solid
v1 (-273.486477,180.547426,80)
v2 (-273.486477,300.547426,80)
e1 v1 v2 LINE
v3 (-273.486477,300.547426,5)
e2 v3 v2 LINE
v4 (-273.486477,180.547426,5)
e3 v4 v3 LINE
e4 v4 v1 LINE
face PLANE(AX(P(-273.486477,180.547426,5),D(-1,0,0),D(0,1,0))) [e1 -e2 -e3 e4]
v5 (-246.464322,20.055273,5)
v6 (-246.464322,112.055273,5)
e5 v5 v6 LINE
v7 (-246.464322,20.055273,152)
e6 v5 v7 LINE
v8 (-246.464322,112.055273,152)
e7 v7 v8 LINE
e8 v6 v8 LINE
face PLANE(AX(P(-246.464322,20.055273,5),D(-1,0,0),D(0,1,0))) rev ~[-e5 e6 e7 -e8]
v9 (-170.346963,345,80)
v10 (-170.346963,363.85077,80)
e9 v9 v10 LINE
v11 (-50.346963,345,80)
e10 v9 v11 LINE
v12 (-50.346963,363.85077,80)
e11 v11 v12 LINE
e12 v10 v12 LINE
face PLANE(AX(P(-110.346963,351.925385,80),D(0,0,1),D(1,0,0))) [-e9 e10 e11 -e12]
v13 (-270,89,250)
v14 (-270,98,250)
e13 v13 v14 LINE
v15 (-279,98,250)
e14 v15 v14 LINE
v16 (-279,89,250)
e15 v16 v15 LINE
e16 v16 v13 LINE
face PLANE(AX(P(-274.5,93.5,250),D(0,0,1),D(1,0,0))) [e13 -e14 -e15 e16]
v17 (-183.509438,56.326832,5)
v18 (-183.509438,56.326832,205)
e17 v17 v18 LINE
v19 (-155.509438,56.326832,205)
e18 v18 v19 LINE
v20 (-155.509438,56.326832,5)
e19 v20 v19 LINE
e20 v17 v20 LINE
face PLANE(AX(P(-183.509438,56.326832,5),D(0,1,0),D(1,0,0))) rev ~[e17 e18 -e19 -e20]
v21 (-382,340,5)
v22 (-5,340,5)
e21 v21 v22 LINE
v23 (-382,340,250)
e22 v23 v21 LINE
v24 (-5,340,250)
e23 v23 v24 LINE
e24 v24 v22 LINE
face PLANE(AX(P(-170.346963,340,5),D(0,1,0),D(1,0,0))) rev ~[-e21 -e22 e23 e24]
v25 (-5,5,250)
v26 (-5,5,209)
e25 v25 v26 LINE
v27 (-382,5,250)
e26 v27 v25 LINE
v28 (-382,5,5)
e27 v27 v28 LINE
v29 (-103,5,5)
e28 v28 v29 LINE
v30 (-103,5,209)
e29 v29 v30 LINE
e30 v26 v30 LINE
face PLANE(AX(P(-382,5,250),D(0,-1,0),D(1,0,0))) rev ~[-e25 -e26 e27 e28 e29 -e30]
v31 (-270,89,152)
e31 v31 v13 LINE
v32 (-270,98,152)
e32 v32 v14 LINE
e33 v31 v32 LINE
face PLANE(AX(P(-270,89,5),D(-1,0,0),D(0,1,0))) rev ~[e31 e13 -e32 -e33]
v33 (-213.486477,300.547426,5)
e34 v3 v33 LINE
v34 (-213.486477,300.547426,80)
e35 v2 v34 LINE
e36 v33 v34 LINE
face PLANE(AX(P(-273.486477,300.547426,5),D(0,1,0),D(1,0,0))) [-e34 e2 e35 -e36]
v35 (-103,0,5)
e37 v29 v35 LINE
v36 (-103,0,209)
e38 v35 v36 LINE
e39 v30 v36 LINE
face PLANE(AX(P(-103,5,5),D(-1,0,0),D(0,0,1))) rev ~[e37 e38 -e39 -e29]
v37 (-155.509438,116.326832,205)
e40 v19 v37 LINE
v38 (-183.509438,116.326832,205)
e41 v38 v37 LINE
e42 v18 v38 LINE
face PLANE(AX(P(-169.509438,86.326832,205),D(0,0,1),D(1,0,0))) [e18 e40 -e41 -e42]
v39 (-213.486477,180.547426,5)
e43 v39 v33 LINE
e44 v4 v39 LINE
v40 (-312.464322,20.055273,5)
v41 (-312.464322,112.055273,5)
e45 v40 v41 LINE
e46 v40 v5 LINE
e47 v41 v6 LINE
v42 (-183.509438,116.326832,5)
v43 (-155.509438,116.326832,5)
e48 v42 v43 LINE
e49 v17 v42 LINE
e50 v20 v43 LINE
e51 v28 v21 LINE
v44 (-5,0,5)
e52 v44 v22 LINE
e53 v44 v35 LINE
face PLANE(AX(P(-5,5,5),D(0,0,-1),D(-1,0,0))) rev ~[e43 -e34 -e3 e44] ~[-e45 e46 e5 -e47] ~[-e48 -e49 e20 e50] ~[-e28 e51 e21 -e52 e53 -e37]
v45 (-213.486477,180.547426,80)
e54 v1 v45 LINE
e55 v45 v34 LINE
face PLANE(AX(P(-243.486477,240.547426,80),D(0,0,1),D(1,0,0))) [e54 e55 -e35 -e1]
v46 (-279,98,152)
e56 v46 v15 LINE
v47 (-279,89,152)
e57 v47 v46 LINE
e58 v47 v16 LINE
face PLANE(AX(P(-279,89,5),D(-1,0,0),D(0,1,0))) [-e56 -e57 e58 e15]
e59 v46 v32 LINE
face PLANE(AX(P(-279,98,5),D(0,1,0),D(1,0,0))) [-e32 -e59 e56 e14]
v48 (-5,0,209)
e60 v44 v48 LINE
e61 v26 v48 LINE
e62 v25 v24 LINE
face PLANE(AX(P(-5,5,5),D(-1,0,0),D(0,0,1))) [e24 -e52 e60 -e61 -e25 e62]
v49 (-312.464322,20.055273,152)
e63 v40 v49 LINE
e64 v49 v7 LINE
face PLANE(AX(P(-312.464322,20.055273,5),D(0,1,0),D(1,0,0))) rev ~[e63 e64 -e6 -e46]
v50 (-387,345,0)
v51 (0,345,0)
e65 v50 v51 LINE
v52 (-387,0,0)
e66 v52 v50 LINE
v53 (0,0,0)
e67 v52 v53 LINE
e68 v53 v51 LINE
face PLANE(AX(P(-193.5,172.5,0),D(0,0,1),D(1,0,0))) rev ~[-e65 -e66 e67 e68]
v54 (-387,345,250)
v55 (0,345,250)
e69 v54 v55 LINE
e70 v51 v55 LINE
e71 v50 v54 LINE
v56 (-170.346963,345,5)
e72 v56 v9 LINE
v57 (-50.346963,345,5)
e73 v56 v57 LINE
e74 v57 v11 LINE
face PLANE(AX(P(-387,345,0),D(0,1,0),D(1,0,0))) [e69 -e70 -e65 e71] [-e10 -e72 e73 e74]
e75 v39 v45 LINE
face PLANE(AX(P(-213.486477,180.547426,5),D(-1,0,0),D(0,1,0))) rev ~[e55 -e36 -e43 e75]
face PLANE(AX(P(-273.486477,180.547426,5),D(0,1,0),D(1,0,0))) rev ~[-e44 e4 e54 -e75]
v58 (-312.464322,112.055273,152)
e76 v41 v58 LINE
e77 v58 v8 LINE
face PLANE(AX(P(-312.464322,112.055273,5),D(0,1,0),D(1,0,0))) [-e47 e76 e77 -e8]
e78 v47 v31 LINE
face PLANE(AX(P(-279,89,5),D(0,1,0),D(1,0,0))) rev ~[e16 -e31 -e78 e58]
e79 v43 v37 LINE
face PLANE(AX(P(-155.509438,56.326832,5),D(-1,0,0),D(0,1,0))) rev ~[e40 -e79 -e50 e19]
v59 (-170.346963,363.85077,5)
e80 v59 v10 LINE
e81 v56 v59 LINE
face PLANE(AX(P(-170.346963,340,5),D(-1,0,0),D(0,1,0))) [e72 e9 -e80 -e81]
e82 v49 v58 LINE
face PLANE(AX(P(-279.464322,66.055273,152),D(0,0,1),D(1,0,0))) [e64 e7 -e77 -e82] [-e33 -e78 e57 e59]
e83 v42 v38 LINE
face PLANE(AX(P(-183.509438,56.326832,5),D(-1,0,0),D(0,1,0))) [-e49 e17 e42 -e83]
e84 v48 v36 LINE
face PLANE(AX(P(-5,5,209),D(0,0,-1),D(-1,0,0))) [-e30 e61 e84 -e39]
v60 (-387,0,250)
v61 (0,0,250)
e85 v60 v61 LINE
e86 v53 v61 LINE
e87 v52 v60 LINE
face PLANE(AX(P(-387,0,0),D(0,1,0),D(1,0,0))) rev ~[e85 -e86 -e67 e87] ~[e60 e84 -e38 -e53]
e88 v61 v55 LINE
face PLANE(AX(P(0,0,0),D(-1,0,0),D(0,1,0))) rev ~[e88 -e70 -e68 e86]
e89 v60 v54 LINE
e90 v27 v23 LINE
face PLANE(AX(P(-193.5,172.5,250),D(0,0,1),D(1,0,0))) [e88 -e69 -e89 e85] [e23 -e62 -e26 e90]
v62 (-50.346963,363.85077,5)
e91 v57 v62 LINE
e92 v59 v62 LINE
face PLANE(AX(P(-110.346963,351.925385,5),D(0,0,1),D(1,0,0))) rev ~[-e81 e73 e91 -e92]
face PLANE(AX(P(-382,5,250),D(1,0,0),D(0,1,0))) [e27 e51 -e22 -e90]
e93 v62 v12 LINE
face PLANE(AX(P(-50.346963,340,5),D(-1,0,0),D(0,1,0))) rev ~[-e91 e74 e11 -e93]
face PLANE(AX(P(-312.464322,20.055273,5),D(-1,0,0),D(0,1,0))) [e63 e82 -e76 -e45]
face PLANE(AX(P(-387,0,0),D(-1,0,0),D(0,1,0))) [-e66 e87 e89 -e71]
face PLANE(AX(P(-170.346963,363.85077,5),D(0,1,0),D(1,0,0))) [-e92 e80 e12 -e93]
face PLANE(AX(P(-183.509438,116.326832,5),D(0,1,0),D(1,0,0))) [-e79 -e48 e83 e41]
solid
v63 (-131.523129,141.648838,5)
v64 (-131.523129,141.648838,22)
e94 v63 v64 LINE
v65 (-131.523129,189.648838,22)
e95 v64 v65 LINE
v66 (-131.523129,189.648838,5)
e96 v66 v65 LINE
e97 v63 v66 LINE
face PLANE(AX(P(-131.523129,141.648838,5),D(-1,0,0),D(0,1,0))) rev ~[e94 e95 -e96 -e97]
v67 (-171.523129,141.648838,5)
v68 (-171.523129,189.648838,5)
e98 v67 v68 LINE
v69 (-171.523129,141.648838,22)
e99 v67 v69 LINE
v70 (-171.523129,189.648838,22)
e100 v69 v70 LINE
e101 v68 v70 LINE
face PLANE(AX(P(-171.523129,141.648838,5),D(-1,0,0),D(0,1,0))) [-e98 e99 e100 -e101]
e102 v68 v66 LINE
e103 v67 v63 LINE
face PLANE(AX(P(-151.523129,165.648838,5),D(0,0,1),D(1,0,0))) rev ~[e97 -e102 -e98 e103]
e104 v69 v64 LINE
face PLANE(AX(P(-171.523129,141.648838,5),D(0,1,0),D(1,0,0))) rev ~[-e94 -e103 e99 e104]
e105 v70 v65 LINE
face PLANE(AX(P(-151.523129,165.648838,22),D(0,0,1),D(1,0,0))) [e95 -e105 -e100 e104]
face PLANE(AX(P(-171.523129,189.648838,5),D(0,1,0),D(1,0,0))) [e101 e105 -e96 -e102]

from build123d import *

# Parameters (mm, degrees)
F0_W      = 387
F0_H      = 345
F1_DEPTH  = 250
F2_W      = 377
F2_H      = 335
F3_DEPTH  = 245
F4_W      = 98
F4_H      = 204
F5_DEPTH  = 25
F6_W      = 9
F6_H      = 9
F7_DEPTH  = 245
F8_W      = 60
F8_H      = 120
F9_DEPTH  = 75
F10_W     = 120
F10_H     = 23.8507700859
F11_DEPTH = 75
F12_W     = 40
F12_H     = 48
F13_DEPTH = 17
F14_W     = 28
F14_H     = 60
F15_DEPTH = 200
F16_W     = 66
F16_H     = 92
F16_W_2   = 9
F16_H_2   = 9
F17_DEPTH = 147


with BuildPart() as f1:
    # F0 (on Top) → F1 (new body)
    with BuildSketch(Plane.XY):
        with Locations((-193.5, 172.5)):
            Rectangle(F0_W, F0_H)
    extrude(amount=F1_DEPTH)

    # F2 (on face) → F3 (cut)
    with BuildSketch(Plane.XY.offset(250)):
        with Locations((-193.5, 172.5)):
            Rectangle(F2_W, F2_H)
    extrude(amount=-F3_DEPTH, mode=Mode.SUBTRACT)

    # F4 (on face) → F5 (cut)
    with BuildSketch(Plane(origin=(0, 5, 0), x_dir=(-1, 0, 0), z_dir=(0, 1, 0))):
        with Locations((54, 107)):
            Rectangle(F4_W, F4_H)
    extrude(amount=-F5_DEPTH, mode=Mode.SUBTRACT)

    # F6 (on face) → F7 (join)
    with BuildSketch(Plane.XY.offset(5)):
        with Locations((-274.5, 93.5)):
            Rectangle(F6_W, F6_H)
    extrude(amount=F7_DEPTH)

    # F8 (on face) → F9 (join)
    with BuildSketch(Plane.XY.offset(5)):
        with Locations((-243.4864774462, 240.5474260449)):
            Rectangle(F8_W, F8_H)
    extrude(amount=F9_DEPTH)

    # F10 (on face) → F11 (join)
    with BuildSketch(Plane.XY.offset(5)):
        with Locations((-110.3469633506, 351.925385043)):
            Rectangle(F10_W, F10_H)
    extrude(amount=F11_DEPTH)

    # F14 (on face) → F15 (join)
    with BuildSketch(Plane.XY.offset(5)):
        with Locations((-169.5094383758, 86.3268319517)):
            Rectangle(F14_W, F14_H)
    extrude(amount=F15_DEPTH)

    # F16 (on face) → F17 (join)
    with BuildSketch(Plane.XY.offset(5)):
        with Locations((-279.4643215769, 66.0552727059)):
            Rectangle(F16_W, F16_H)
        with Locations((-274.5, 93.5)):
            Rectangle(F16_W_2, F16_H_2, mode=Mode.SUBTRACT)
    extrude(amount=F17_DEPTH)


with BuildPart() as f13:
    # F12 (on face) → F13 (new body)
    with BuildSketch(Plane.XY.offset(5)):
        with Locations((-151.5231286956, 165.648837626)):
            Rectangle(F12_W, F12_H)
    extrude(amount=F13_DEPTH)


solid = Compound([f1.part, f13.part])
